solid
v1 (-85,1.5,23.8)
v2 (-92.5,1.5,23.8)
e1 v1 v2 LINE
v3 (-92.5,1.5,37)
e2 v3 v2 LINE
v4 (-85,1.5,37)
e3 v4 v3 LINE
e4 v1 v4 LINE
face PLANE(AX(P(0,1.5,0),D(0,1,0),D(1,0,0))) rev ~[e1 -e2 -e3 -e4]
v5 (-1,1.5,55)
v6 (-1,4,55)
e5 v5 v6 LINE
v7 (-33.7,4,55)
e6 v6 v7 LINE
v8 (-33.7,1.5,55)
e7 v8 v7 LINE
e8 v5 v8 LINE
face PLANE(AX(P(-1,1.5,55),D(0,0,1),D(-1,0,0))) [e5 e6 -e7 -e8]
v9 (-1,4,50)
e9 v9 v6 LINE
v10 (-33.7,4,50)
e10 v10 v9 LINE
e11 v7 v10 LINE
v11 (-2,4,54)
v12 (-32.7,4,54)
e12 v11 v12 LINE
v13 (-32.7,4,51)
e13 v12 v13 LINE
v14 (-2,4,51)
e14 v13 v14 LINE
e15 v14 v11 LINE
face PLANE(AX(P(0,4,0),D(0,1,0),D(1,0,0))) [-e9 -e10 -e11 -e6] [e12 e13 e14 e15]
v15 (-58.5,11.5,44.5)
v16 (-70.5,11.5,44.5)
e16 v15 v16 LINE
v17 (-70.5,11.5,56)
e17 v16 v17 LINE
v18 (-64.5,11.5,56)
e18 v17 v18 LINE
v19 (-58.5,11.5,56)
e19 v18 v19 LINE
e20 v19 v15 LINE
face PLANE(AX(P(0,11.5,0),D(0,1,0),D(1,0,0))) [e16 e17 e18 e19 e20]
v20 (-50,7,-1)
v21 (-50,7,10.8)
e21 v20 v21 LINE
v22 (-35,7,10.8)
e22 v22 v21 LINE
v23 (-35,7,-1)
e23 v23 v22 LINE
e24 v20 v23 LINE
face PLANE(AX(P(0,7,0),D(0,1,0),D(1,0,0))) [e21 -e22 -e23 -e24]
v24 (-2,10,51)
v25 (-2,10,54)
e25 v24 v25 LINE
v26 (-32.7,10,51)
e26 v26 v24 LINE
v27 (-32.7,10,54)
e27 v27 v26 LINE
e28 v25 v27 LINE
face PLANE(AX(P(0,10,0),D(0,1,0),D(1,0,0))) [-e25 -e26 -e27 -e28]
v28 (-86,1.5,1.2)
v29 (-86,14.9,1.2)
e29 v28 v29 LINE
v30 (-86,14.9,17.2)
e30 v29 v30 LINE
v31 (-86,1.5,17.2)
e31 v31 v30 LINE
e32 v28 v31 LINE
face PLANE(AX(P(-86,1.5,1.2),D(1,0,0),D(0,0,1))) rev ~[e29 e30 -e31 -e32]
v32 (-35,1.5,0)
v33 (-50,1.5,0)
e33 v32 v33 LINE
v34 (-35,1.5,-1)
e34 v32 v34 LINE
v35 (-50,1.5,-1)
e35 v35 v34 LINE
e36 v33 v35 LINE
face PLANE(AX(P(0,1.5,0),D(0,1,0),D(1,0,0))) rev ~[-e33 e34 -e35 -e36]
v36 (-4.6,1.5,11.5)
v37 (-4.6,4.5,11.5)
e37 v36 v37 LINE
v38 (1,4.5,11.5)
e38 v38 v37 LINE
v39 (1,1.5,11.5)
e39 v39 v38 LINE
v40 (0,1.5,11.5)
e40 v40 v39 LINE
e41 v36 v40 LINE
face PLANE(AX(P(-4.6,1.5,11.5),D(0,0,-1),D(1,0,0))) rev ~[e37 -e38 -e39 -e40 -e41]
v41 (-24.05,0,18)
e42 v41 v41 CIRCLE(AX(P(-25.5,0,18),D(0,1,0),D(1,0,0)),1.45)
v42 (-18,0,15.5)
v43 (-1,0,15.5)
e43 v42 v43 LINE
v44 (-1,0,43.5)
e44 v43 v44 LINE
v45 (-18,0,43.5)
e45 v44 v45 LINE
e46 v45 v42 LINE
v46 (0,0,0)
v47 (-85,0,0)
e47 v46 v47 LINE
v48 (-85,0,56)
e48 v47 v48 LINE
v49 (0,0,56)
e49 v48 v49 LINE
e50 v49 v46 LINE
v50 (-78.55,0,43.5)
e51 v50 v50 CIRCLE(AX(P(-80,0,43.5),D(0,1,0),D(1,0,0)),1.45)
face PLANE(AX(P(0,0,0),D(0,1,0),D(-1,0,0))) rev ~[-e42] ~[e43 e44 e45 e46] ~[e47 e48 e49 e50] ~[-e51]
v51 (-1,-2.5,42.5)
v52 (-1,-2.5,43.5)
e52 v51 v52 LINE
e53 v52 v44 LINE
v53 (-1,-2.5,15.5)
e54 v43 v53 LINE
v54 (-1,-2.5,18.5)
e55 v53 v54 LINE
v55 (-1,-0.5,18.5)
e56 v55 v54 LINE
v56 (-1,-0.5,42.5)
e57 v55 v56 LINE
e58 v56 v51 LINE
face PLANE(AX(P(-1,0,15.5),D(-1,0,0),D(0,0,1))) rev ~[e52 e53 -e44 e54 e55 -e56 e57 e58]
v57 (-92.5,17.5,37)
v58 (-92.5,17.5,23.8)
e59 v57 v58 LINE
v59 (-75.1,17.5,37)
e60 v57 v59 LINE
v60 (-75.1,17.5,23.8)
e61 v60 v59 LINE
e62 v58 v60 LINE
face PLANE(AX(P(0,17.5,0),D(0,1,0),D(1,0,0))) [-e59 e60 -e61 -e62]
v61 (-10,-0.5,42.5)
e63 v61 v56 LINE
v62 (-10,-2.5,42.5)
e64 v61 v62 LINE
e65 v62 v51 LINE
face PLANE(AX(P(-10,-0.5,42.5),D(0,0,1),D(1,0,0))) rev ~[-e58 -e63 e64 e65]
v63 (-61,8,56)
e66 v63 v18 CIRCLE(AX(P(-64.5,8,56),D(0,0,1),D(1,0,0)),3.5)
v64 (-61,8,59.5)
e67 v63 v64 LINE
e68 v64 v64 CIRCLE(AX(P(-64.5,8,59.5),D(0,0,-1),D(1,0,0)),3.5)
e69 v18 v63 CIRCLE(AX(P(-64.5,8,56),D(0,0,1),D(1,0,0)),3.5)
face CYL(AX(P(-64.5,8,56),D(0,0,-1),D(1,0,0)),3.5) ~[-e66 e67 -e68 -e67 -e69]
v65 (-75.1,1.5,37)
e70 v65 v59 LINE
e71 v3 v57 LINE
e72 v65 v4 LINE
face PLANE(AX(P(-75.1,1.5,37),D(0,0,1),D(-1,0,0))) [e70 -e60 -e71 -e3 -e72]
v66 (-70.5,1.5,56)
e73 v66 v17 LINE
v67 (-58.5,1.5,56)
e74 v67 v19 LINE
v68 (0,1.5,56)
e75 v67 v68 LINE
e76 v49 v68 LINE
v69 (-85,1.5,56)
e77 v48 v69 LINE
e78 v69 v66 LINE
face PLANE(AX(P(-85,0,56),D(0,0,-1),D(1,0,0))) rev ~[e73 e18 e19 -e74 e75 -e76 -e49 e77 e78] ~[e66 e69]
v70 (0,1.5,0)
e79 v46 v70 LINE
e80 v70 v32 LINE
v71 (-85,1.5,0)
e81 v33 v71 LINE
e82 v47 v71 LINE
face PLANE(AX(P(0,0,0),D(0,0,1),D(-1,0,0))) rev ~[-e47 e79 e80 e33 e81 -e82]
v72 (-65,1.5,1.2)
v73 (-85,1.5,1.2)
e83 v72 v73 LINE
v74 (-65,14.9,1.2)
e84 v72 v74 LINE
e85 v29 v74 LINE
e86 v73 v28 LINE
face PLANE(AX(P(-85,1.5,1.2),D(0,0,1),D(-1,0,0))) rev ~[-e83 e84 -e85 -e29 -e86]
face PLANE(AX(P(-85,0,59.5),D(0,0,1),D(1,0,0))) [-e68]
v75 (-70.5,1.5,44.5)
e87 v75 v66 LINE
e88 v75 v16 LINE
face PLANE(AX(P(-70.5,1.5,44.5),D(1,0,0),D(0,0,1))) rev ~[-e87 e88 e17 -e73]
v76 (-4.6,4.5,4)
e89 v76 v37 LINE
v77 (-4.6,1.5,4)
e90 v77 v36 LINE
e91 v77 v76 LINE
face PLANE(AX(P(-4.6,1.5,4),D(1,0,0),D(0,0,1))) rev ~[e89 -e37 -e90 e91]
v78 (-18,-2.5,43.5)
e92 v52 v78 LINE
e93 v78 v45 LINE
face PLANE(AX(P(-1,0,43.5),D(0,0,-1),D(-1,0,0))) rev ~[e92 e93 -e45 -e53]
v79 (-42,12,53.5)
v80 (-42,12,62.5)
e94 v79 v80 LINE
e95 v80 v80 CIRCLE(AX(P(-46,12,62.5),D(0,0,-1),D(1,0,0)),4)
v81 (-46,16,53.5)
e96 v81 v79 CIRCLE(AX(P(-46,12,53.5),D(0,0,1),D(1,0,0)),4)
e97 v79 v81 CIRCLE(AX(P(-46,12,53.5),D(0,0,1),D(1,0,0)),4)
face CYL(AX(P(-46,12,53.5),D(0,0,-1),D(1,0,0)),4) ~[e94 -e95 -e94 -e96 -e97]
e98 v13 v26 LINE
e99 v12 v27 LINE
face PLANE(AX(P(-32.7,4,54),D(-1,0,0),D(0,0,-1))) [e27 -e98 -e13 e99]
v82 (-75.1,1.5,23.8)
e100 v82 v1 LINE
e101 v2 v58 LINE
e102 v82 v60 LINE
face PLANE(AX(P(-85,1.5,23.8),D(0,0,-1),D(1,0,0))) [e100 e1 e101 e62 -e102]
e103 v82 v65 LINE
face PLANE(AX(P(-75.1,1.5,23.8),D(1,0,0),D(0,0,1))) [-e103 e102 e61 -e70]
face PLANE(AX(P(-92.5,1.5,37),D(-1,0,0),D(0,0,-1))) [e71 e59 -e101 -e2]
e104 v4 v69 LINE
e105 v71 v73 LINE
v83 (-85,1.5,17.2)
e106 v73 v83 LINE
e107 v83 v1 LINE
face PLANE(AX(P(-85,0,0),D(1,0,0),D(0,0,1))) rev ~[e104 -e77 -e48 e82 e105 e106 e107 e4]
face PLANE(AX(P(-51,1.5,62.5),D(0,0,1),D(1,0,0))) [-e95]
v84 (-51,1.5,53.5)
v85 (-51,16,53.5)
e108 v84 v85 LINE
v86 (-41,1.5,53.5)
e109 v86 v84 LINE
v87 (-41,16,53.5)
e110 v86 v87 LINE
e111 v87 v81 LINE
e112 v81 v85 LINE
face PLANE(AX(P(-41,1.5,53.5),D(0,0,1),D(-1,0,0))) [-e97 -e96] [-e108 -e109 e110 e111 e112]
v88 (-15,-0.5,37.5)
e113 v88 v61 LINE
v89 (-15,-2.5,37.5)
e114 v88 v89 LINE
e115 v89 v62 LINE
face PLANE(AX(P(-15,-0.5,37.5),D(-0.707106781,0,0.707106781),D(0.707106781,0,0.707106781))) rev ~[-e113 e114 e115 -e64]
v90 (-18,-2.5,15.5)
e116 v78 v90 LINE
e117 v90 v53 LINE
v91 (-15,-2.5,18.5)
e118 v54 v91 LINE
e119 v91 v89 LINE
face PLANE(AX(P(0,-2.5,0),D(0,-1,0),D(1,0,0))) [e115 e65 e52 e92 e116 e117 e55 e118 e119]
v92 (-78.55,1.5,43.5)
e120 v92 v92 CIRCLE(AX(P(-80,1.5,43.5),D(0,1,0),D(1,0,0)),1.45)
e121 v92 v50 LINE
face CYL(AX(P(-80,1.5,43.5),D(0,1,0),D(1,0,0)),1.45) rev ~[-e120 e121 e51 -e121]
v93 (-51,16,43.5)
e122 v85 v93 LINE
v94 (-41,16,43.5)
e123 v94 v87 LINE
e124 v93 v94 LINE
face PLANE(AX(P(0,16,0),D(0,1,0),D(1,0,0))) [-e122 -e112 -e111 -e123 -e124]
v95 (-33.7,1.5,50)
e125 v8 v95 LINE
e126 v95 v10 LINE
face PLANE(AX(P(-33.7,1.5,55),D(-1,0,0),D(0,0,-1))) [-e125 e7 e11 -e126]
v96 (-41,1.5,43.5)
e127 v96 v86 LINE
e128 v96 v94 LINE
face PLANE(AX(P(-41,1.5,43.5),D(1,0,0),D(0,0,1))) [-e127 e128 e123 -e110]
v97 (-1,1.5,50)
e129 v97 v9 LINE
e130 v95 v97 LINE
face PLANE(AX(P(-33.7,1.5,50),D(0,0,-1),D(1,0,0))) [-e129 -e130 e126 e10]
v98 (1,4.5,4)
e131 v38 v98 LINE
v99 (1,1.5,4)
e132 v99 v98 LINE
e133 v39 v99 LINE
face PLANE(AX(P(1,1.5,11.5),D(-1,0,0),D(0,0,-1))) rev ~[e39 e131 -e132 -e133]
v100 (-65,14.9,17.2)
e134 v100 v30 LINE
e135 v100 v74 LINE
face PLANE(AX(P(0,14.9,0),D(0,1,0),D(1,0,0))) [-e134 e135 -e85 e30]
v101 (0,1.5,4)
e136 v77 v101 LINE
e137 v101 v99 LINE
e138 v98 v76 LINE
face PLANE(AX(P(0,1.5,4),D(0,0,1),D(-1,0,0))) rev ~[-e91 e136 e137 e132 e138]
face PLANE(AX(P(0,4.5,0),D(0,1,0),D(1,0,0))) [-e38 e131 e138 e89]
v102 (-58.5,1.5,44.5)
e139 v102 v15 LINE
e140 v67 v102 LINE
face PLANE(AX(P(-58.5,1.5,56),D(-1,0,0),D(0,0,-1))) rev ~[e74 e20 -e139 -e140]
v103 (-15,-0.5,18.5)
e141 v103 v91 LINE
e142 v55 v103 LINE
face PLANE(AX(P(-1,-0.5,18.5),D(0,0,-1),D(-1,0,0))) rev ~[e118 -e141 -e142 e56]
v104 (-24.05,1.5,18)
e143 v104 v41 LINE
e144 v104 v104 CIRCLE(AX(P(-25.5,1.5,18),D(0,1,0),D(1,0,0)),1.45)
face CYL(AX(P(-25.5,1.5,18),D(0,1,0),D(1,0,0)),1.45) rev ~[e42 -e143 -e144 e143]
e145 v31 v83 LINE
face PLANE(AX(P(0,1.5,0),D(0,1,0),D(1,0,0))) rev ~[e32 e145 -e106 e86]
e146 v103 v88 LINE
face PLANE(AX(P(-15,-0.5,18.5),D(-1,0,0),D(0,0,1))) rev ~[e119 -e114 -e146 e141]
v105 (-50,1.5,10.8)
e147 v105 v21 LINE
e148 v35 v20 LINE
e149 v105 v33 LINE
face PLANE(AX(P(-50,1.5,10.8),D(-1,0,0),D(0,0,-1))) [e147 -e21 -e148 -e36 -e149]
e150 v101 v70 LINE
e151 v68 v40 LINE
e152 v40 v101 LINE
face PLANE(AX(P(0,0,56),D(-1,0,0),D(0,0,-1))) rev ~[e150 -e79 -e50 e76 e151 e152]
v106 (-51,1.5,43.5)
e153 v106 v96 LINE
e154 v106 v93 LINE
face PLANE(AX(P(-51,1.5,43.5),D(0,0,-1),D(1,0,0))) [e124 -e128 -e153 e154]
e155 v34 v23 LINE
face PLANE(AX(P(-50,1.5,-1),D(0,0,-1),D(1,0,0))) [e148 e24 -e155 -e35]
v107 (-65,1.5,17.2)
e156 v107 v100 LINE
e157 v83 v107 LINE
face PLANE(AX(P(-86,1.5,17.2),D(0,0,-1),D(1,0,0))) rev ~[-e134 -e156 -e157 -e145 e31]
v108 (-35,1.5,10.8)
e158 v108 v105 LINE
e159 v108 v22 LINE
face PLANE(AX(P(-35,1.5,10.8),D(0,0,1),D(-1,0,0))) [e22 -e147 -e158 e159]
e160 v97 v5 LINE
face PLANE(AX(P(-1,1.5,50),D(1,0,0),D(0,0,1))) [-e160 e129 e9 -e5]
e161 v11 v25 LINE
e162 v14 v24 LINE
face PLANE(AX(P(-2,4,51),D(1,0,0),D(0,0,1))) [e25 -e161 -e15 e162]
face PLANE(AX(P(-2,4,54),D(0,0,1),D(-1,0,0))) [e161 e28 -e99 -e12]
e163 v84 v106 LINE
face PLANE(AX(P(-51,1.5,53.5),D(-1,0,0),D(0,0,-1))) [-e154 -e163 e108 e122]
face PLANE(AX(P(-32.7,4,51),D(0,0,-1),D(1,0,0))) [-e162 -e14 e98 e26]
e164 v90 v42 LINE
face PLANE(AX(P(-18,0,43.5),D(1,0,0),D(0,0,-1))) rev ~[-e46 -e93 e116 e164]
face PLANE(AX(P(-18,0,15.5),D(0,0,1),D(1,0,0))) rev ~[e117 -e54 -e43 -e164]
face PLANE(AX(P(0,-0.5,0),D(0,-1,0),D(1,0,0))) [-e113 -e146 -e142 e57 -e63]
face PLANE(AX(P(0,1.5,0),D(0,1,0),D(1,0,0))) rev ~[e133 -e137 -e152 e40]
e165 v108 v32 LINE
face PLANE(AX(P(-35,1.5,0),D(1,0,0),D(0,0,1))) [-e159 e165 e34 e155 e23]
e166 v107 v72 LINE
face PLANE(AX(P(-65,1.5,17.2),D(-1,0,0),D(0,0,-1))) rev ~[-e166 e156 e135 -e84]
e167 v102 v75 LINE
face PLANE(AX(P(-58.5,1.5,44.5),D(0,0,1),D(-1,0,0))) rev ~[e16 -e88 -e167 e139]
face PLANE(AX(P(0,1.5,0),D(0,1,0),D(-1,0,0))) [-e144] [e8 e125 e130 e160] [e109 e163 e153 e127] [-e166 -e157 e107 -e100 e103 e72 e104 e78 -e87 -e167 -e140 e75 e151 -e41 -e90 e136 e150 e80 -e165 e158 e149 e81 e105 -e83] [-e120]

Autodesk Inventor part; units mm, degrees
ref_plane "YZ Plane" through (0, 0, 0) normal (1, 0, 0) x (0, 1, 0)
ref_plane "XZ Plane" through (0, 0, 0) normal (0, 1, 0) x (-1, 0, 0)
ref_plane "XY Plane" through (0, 0, 0) normal (0, 0, 1) x (1, 0, 0)
sketch "Skizze1" plane through (0, 0, 0) normal (0, 1, 0) x (-1, 0, 0)
  line L0 (0, 0) -> (85, 0)
  line L1 (85, 0) -> (85, 56)
  line L2 (85, 56) -> (0, 56)
  line L3 (0, 56) -> (0, 0)
  dimension "d0" = 85
  dimension "d1" = 56
extrude "Extrusion1" add sketch "Skizze1" along normal blind 1.5
sketch "Skizze2" plane through (0, 1.5, 0) normal (0, 1, 0) x (1, 0, 0)
  line L0 (0, 0) -> (-85, 0) projected
  line L1 (-86, -17.2) -> (-65, -17.2)
  line L2 (-65, -17.2) -> (-65, -1.2)
  line L3 (-65, -1.2) -> (-86, -1.2)
  line L4 (-86, -1.2) -> (-86, -17.2)
  line L5 (-85, 0) -> (-85, -56) projected
  dimension "d4" = 21
  dimension "d5" = 16
  dimension "d6" = 1.2
  dimension "d84" = 1
extrude "Extrusion2" add sketch "Skizze2" along normal blind 13.4
sketch "Skizze3" plane through (0, 1.5, 0) normal (0, 1, 0) x (1, 0, 0)
  line L0 (-65, -17.2) -> (-85, -17.2) projected
  line L1 (-85, -17.2) -> (-85, -56) projected
  line L2 (-92.5, -23.8) -> (-75.1, -23.8)
  line L3 (-75.1, -23.8) -> (-75.1, -37)
  line L4 (-75.1, -37) -> (-92.5, -37)
  line L5 (-92.5, -37) -> (-92.5, -23.8)
  dimension "d9" = 7.5
  dimension "d10" = 17.4
  dimension "d11" = 13.2
  dimension "d12" = 6.6
extrude "Extrusion3" add sketch "Skizze3" along normal blind 16
sketch "Skizze4" plane through (0, 1.5, 0) normal (0, 1, 0) x (1, 0, 0)
  line L0 (0, 0) -> (-85, 0) projected
  line L1 (-65, -1.2) -> (-65, -17.2) projected
  line L2 (-50, 1) -> (-35, 1)
  line L3 (-35, 1) -> (-35, -10.8)
  line L4 (-35, -10.8) -> (-50, -10.8)
  line L5 (-50, -10.8) -> (-50, 1)
  dimension "d15" = 1
  dimension "d16" = 15
  dimension "d17" = 11.8
  dimension "d18" = 15
extrude "Extrusion4" add sketch "Skizze4" along normal blind 5.5
sketch "Skizze5" plane through (0, 1.5, 0) normal (0, 1, 0) x (1, 0, 0)
  line L0 (-85, -37) -> (-85, -56) projected
  line L1 (-85, -56) -> (0, -56) projected
  line L2 (-58.5, -44.5) -> (-70.5, -44.5)
  line L3 (-70.5, -44.5) -> (-70.5, -56)
  line L4 (-70.5, -56) -> (-58.5, -56)
  line L5 (-58.5, -56) -> (-58.5, -44.5)
  line L6 (-70.5, -56) -> (-58.5, -56)
  dimension "d21" = 11.5
  dimension "d22" = 12
  dimension "d23" = 14.5
extrude "Extrusion5" add sketch "Skizze5" along normal blind 10
sketch "Skizze6" plane through (-85, 0, 56) normal (0, 0, 1) x (1, 0, 0)
  line L0 (14.5, 11.5) -> (26.5, 11.5) projected
  circle A0 centre (20.5, 8) radius 3.5
  dimension "d26" = 7
  dimension "d27" = 3.5
extrude "Extrusion6" add sketch "Skizze6" along normal blind 3.5
sketch "Skizze7" plane through (0, 1.5, 0) normal (0, 1, 0) x (1, 0, 0)
  line L0 (-58.5, -44.5) -> (-58.5, -56) projected
  line L1 (-58.5, -56) -> (0, -56) projected
  line L2 (-51, -43.5) -> (-41, -43.5)
  line L3 (-41, -43.5) -> (-41, -53.5)
  line L4 (-41, -53.5) -> (-51, -53.5)
  line L5 (-51, -53.5) -> (-51, -43.5)
  dimension "d30" = 10
  dimension "d31" = 10
  dimension "d32" = 2.5
  dimension "d33" = 7.5
extrude "Extrusion7" add sketch "Skizze7" along normal blind 14.5
sketch "Skizze8" plane through (-51, 1.5, 53.5) normal (0, 0, 1) x (1, 0, 0)
  line L0 (0, 14.5) -> (10, 14.5) projected
  circle A0 centre (5, 10.5) radius 4
  point P0 (51, -1.5)
  dimension "d36" = 8
  dimension "d37" = 0
extrude "Extrusion8" add sketch "Skizze8" along normal blind 9
sketch "Skizze9" plane through (0, 1.5, 0) normal (0, 1, 0) x (1, 0, 0)
  line L0 (-58.5, -56) -> (0, -56) projected
  line L1 (0, -56) -> (0, 0) projected
  line L2 (-1, -55) -> (-33.7, -55)
  line L3 (-33.7, -55) -> (-33.7, -50)
  line L4 (-33.7, -50) -> (-1, -50)
  line L5 (-1, -50) -> (-1, -55)
  dimension "d40" = 32.7
  dimension "d41" = 5
  dimension "d42" = 1
  dimension "d43" = 1
extrude "Extrusion9" add sketch "Skizze9" along normal blind 2.5
sketch "Skizze10" plane through (0, 4, 0) normal (0, 1, 0) x (1, 0, 0)
  line L0 (-33.7, -55) -> (-1, -55) projected
  line L1 (-1, -55) -> (-1, -50) projected
  line L2 (-1, -50) -> (-33.7, -50) projected
  line L3 (-33.7, -50) -> (-33.7, -55) projected
  line L4 (-32.7, -51) -> (-2, -51)
  line L5 (-2, -51) -> (-2, -54)
  line L6 (-2, -54) -> (-32.7, -54)
  line L7 (-32.7, -54) -> (-32.7, -51)
  point P0 (0, 0)
  dimension "d50" = 1
  dimension "d51" = 1
  dimension "d52" = 1
  dimension "d53" = 1
extrude "Extrusion10" add sketch "Skizze10" along normal blind 6 contours L4 L5 L6 L7
sketch "Skizze11" plane through (0, 1.5, 0) normal (0, 1, 0) x (1, 0, 0)
  line L0 (0, -56) -> (0, 0) projected
  line L1 (0, 0) -> (-35, 0) projected
  line L2 (1, -4) -> (-4.6, -4)
  line L3 (-4.6, -4) -> (-4.6, -11.5)
  line L4 (-4.6, -11.5) -> (1, -11.5)
  line L5 (1, -11.5) -> (1, -4)
  dimension "d56" = 1
  dimension "d57" = 7.5
  dimension "d58" = 5.6
  dimension "d59" = 4
extrude "Extrusion11" add sketch "Skizze11" along normal blind 3
sketch "Skizze12" plane through (0, 0, 0) normal (0, -1, 0) x (1, 0, 0)
  line L0 (0, 0) -> (-85, 0) projected
  line L1 (0, 56) -> (0, 0) projected
  line L2 (-1, 43.5) -> (-18, 43.5)
  line L3 (-18, 43.5) -> (-18, 15.5)
  line L4 (-18, 15.5) -> (-1, 15.5)
  line L5 (-1, 15.5) -> (-1, 43.5)
  dimension "d62" = 15.5
  dimension "d63" = 17
  dimension "d64" = 28
  dimension "d65" = 1
extrude "Extrusion12" add sketch "Skizze12" along normal blind 0.5
sketch "Skizze13" plane through (0, -0.5, 0) normal (0, -1, 0) x (1, 0, 0)
  line L0 (-1, 43.5) -> (-18, 43.5) projected
  line L1 (-18, 43.5) -> (-18, 15.5) projected
  line L2 (-18, 15.5) -> (-1, 15.5) projected
  line L3 (-1, 15.5) -> (-1, 43.5) projected
  line L4 (-15, 42.5) -> (-1, 42.5)
  line L5 (-1, 42.5) -> (-1, 18.5)
  line L6 (-1, 18.5) -> (-15, 18.5)
  line L7 (-15, 18.5) -> (-15, 42.5)
  line L8 (-15, 37.5) -> (-10, 42.5)
  line L9 (-15, 37.5) -> (-7.9289, 37.5) construction
  point P0 (0, 0)
  dimension "d69" = 24
  dimension "d70" = 3
  dimension "d71" = 3
  dimension "d72" = 45
  dimension "d73" = 19
extrude "Extrusion13" add sketch "Skizze13" along normal blind 2 contours L3 L4 L7 L6 L2 L1 L0 | L8 L7 L4
sketch "Skizze14" plane through (0, 1.5, 0) normal (0, 1, 0) x (1, 0, 0)
  line L0 (0, 0) -> (-35, 0) projected
  line L1 (-85, -37) -> (-85, -56) projected
  line L2 (-85, -56) -> (-70.5, -56) projected
  line L3 (0, -56) -> (0, -11.5) projected
  circle A0 centre (-25.5, -18) radius 1.45
  circle A1 centre (-80, -43.5) radius 1.45
  dimension "d76" = 2.9
  dimension "d77" = 25.5
  dimension "d78" = 18
  dimension "d79" = 2.9
  dimension "d80" = 5
  dimension "d81" = 12.5
extrude "Extrusion14" cut sketch "Skizze14" against normal through all
properties part number "PCB"
